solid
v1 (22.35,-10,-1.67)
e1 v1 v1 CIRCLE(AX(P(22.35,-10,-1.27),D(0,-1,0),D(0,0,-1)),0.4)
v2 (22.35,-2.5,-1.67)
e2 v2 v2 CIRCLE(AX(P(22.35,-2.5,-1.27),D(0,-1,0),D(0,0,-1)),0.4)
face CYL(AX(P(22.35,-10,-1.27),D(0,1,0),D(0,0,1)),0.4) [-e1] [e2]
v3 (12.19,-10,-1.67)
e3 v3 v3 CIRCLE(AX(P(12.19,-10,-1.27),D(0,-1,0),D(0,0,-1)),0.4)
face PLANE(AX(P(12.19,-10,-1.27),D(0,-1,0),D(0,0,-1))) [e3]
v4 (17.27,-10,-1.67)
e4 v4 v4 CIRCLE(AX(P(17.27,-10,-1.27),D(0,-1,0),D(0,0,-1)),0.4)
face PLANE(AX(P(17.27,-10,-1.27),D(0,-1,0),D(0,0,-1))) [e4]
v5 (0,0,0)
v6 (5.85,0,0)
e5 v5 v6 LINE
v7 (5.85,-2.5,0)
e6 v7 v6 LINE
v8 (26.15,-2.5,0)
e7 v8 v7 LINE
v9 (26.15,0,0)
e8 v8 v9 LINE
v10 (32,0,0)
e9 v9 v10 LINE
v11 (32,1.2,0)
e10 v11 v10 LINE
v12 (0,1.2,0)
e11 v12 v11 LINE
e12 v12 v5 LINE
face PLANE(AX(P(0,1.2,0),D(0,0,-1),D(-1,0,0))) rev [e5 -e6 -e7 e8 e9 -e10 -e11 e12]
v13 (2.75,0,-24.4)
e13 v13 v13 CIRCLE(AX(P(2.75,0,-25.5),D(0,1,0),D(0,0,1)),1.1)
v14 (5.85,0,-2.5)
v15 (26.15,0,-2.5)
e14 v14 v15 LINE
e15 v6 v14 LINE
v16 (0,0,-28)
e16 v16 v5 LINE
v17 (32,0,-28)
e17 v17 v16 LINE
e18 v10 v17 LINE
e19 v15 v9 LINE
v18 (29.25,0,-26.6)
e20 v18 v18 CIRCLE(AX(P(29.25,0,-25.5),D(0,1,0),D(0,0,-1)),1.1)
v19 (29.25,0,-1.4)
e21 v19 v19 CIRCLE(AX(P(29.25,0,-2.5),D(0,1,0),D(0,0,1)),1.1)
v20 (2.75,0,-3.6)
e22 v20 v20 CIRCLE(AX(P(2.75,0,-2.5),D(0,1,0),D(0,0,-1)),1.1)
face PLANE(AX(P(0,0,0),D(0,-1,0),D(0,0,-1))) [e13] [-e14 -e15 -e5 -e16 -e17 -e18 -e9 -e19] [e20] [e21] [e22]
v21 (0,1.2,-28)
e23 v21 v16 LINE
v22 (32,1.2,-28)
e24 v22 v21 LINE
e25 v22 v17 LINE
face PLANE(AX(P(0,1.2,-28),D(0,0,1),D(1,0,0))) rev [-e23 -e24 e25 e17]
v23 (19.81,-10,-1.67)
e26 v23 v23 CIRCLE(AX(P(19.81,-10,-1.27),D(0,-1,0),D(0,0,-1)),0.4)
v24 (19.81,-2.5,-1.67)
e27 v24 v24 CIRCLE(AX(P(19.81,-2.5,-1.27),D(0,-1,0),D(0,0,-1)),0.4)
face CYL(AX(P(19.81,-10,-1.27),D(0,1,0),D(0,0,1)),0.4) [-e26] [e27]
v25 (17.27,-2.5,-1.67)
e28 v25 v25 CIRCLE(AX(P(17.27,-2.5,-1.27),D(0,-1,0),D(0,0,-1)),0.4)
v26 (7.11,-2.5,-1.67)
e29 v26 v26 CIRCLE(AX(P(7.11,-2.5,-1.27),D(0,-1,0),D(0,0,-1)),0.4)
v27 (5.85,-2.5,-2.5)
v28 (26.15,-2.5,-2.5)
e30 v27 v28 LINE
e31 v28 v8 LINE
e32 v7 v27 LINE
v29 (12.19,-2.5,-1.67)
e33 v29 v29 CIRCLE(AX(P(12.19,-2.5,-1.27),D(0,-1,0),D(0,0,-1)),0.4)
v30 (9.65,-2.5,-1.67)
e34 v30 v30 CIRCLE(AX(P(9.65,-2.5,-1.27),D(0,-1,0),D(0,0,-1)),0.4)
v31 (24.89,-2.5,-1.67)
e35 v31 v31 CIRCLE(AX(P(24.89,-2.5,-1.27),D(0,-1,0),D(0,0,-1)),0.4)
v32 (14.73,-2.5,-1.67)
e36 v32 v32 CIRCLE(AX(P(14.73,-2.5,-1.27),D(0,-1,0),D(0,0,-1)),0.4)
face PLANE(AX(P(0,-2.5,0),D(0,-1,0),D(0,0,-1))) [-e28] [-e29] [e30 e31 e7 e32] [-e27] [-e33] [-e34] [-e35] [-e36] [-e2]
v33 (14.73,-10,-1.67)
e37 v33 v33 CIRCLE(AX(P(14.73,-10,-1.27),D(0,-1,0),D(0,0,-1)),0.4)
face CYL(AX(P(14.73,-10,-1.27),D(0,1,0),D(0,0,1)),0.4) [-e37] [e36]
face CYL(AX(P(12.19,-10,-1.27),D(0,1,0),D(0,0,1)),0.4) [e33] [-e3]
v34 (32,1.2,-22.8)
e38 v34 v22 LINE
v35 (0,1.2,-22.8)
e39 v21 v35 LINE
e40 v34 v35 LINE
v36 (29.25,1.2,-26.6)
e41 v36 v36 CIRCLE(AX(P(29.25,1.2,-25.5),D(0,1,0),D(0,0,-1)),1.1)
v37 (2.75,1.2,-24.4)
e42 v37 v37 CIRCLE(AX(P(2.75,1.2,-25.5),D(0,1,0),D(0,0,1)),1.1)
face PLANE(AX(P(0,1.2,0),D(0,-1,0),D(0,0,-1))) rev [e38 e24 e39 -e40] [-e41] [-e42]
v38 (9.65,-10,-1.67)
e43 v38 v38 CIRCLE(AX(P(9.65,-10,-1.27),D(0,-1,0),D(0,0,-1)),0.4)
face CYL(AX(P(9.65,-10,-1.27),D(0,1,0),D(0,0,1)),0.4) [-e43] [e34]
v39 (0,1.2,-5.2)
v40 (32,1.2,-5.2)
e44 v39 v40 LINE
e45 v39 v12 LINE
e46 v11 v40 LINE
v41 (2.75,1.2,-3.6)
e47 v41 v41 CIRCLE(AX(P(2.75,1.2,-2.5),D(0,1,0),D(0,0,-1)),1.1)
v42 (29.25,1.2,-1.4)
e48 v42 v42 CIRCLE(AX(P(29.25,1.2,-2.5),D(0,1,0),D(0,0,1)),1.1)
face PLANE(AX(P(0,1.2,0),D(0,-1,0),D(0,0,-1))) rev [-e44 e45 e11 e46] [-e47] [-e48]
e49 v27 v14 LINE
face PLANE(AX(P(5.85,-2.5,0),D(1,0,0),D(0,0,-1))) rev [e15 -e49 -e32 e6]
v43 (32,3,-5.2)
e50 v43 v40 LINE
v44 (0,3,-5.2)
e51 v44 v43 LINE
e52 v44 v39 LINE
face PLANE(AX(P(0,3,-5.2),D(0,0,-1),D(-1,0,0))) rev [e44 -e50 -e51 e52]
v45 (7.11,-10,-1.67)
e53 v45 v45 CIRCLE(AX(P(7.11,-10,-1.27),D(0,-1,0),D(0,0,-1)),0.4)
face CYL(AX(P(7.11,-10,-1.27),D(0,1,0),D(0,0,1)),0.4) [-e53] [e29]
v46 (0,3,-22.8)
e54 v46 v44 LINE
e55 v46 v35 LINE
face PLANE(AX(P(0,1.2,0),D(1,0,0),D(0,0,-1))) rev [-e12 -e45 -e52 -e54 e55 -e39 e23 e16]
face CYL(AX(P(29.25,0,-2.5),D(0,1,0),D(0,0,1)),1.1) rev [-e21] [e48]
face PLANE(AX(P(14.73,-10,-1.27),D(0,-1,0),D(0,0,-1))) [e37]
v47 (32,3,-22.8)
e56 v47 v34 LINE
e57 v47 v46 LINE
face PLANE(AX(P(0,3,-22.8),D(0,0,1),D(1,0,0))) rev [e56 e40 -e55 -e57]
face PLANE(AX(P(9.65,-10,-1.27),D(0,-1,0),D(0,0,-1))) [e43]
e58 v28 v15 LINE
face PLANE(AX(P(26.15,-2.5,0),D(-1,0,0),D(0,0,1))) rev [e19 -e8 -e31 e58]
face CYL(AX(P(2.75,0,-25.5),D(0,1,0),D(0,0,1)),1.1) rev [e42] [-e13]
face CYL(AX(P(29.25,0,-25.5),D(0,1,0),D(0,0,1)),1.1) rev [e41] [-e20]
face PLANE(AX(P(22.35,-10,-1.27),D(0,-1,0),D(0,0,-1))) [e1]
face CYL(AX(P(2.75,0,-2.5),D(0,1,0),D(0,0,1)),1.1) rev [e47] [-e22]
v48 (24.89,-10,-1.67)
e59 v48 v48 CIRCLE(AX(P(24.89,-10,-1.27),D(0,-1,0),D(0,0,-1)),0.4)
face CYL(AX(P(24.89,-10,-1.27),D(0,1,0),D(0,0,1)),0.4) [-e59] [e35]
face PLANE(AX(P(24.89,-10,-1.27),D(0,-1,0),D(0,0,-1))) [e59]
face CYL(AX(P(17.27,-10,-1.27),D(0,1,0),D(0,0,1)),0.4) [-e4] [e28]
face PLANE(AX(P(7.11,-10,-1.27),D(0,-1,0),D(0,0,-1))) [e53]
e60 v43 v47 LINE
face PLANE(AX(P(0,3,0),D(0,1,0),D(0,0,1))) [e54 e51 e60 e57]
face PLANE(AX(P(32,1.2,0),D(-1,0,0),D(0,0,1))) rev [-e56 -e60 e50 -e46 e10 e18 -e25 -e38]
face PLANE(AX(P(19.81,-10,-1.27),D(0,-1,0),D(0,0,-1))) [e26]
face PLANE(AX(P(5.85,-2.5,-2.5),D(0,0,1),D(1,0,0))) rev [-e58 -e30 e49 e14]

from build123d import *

# Parameters (mm, degrees)
SKETCH_1_W          = 32
SKETCH_1_H          = 28
EXTRUDE_1_DEPTH     = 1.2
SKETCH_2_W          = 32
SKETCH_2_H          = 17.6
EXTRUDE_2_DEPTH     = 1.8
SKETCH_3_R          = 1.1
CUT_EXTRUDE_1_DEPTH = 43.558665393
SKETCH_4_R          = 0.4
EXTRUDE_3_DEPTH     = 10
SKETCH_5_W          = 20.3
SKETCH_5_H          = 2.5
EXTRUDE_4_DEPTH     = 2.5


with BuildPart() as part:
    # 草图1 → 凸台-拉伸1 (new body)
    with BuildSketch(Plane(origin=(0, 0, 0), x_dir=(1, 0, 0), z_dir=(0, 1, 0))):
        with Locations((16, 14)):
            Rectangle(SKETCH_1_W, SKETCH_1_H)
    extrude(amount=EXTRUDE_1_DEPTH)

    # 草图2 → 凸台-拉伸2 (add)
    with BuildSketch(Plane(origin=(0, 1.2, 0), x_dir=(1, 0, 0), z_dir=(0, 1, 0))):
        with Locations((16, 14)):
            Rectangle(SKETCH_2_W, SKETCH_2_H)
    extrude(amount=EXTRUDE_2_DEPTH)

    # 草图3 → 切除-拉伸1 (cut, through all)
    with BuildSketch(Plane(origin=(0, 1.2, 0), x_dir=(1, 0, 0), z_dir=(0, 1, 0))):
        with Locations(Location((2.75, 25.5, 0), (0, 0, 270))):
            Circle(SKETCH_3_R)
        with Locations(Location((2.75, 2.5, 0), (0, 0, 90))):
            Circle(SKETCH_3_R)
        with Locations(Location((29.25, 2.5, 0), (0, 0, 270))):
            Circle(SKETCH_3_R)
        with Locations(Location((29.25, 25.5, 0), (0, 0, 90))):
            Circle(SKETCH_3_R)
    extrude(amount=-CUT_EXTRUDE_1_DEPTH, mode=Mode.SUBTRACT)

    # 草图4 → 凸台-拉伸3 (add)
    with BuildSketch(Plane.XZ):
        with Locations(Location((7.11, -1.27, 0), (0, 0, 270))):
            Circle(SKETCH_4_R)
        with Locations(Location((9.65, -1.27, 0), (0, 0, 270))):
            Circle(SKETCH_4_R)
        with Locations(Location((12.19, -1.27, 0), (0, 0, 270))):
            Circle(SKETCH_4_R)
        with Locations(Location((14.73, -1.27, 0), (0, 0, 270))):
            Circle(SKETCH_4_R)
        with Locations(Location((17.27, -1.27, 0), (0, 0, 270))):
            Circle(SKETCH_4_R)
        with Locations(Location((19.81, -1.27, 0), (0, 0, 270))):
            Circle(SKETCH_4_R)
        with Locations(Location((22.35, -1.27, 0), (0, 0, 270))):
            Circle(SKETCH_4_R)
        with Locations(Location((24.89, -1.27, 0), (0, 0, 270))):
            Circle(SKETCH_4_R)
    extrude(amount=EXTRUDE_3_DEPTH)

    # 草图5 → 凸台-拉伸4 (add)
    with BuildSketch(Plane.XZ):
        with Locations((16, -1.25)):
            Rectangle(SKETCH_5_W, SKETCH_5_H)
    extrude(amount=EXTRUDE_4_DEPTH)


solid = part.part
